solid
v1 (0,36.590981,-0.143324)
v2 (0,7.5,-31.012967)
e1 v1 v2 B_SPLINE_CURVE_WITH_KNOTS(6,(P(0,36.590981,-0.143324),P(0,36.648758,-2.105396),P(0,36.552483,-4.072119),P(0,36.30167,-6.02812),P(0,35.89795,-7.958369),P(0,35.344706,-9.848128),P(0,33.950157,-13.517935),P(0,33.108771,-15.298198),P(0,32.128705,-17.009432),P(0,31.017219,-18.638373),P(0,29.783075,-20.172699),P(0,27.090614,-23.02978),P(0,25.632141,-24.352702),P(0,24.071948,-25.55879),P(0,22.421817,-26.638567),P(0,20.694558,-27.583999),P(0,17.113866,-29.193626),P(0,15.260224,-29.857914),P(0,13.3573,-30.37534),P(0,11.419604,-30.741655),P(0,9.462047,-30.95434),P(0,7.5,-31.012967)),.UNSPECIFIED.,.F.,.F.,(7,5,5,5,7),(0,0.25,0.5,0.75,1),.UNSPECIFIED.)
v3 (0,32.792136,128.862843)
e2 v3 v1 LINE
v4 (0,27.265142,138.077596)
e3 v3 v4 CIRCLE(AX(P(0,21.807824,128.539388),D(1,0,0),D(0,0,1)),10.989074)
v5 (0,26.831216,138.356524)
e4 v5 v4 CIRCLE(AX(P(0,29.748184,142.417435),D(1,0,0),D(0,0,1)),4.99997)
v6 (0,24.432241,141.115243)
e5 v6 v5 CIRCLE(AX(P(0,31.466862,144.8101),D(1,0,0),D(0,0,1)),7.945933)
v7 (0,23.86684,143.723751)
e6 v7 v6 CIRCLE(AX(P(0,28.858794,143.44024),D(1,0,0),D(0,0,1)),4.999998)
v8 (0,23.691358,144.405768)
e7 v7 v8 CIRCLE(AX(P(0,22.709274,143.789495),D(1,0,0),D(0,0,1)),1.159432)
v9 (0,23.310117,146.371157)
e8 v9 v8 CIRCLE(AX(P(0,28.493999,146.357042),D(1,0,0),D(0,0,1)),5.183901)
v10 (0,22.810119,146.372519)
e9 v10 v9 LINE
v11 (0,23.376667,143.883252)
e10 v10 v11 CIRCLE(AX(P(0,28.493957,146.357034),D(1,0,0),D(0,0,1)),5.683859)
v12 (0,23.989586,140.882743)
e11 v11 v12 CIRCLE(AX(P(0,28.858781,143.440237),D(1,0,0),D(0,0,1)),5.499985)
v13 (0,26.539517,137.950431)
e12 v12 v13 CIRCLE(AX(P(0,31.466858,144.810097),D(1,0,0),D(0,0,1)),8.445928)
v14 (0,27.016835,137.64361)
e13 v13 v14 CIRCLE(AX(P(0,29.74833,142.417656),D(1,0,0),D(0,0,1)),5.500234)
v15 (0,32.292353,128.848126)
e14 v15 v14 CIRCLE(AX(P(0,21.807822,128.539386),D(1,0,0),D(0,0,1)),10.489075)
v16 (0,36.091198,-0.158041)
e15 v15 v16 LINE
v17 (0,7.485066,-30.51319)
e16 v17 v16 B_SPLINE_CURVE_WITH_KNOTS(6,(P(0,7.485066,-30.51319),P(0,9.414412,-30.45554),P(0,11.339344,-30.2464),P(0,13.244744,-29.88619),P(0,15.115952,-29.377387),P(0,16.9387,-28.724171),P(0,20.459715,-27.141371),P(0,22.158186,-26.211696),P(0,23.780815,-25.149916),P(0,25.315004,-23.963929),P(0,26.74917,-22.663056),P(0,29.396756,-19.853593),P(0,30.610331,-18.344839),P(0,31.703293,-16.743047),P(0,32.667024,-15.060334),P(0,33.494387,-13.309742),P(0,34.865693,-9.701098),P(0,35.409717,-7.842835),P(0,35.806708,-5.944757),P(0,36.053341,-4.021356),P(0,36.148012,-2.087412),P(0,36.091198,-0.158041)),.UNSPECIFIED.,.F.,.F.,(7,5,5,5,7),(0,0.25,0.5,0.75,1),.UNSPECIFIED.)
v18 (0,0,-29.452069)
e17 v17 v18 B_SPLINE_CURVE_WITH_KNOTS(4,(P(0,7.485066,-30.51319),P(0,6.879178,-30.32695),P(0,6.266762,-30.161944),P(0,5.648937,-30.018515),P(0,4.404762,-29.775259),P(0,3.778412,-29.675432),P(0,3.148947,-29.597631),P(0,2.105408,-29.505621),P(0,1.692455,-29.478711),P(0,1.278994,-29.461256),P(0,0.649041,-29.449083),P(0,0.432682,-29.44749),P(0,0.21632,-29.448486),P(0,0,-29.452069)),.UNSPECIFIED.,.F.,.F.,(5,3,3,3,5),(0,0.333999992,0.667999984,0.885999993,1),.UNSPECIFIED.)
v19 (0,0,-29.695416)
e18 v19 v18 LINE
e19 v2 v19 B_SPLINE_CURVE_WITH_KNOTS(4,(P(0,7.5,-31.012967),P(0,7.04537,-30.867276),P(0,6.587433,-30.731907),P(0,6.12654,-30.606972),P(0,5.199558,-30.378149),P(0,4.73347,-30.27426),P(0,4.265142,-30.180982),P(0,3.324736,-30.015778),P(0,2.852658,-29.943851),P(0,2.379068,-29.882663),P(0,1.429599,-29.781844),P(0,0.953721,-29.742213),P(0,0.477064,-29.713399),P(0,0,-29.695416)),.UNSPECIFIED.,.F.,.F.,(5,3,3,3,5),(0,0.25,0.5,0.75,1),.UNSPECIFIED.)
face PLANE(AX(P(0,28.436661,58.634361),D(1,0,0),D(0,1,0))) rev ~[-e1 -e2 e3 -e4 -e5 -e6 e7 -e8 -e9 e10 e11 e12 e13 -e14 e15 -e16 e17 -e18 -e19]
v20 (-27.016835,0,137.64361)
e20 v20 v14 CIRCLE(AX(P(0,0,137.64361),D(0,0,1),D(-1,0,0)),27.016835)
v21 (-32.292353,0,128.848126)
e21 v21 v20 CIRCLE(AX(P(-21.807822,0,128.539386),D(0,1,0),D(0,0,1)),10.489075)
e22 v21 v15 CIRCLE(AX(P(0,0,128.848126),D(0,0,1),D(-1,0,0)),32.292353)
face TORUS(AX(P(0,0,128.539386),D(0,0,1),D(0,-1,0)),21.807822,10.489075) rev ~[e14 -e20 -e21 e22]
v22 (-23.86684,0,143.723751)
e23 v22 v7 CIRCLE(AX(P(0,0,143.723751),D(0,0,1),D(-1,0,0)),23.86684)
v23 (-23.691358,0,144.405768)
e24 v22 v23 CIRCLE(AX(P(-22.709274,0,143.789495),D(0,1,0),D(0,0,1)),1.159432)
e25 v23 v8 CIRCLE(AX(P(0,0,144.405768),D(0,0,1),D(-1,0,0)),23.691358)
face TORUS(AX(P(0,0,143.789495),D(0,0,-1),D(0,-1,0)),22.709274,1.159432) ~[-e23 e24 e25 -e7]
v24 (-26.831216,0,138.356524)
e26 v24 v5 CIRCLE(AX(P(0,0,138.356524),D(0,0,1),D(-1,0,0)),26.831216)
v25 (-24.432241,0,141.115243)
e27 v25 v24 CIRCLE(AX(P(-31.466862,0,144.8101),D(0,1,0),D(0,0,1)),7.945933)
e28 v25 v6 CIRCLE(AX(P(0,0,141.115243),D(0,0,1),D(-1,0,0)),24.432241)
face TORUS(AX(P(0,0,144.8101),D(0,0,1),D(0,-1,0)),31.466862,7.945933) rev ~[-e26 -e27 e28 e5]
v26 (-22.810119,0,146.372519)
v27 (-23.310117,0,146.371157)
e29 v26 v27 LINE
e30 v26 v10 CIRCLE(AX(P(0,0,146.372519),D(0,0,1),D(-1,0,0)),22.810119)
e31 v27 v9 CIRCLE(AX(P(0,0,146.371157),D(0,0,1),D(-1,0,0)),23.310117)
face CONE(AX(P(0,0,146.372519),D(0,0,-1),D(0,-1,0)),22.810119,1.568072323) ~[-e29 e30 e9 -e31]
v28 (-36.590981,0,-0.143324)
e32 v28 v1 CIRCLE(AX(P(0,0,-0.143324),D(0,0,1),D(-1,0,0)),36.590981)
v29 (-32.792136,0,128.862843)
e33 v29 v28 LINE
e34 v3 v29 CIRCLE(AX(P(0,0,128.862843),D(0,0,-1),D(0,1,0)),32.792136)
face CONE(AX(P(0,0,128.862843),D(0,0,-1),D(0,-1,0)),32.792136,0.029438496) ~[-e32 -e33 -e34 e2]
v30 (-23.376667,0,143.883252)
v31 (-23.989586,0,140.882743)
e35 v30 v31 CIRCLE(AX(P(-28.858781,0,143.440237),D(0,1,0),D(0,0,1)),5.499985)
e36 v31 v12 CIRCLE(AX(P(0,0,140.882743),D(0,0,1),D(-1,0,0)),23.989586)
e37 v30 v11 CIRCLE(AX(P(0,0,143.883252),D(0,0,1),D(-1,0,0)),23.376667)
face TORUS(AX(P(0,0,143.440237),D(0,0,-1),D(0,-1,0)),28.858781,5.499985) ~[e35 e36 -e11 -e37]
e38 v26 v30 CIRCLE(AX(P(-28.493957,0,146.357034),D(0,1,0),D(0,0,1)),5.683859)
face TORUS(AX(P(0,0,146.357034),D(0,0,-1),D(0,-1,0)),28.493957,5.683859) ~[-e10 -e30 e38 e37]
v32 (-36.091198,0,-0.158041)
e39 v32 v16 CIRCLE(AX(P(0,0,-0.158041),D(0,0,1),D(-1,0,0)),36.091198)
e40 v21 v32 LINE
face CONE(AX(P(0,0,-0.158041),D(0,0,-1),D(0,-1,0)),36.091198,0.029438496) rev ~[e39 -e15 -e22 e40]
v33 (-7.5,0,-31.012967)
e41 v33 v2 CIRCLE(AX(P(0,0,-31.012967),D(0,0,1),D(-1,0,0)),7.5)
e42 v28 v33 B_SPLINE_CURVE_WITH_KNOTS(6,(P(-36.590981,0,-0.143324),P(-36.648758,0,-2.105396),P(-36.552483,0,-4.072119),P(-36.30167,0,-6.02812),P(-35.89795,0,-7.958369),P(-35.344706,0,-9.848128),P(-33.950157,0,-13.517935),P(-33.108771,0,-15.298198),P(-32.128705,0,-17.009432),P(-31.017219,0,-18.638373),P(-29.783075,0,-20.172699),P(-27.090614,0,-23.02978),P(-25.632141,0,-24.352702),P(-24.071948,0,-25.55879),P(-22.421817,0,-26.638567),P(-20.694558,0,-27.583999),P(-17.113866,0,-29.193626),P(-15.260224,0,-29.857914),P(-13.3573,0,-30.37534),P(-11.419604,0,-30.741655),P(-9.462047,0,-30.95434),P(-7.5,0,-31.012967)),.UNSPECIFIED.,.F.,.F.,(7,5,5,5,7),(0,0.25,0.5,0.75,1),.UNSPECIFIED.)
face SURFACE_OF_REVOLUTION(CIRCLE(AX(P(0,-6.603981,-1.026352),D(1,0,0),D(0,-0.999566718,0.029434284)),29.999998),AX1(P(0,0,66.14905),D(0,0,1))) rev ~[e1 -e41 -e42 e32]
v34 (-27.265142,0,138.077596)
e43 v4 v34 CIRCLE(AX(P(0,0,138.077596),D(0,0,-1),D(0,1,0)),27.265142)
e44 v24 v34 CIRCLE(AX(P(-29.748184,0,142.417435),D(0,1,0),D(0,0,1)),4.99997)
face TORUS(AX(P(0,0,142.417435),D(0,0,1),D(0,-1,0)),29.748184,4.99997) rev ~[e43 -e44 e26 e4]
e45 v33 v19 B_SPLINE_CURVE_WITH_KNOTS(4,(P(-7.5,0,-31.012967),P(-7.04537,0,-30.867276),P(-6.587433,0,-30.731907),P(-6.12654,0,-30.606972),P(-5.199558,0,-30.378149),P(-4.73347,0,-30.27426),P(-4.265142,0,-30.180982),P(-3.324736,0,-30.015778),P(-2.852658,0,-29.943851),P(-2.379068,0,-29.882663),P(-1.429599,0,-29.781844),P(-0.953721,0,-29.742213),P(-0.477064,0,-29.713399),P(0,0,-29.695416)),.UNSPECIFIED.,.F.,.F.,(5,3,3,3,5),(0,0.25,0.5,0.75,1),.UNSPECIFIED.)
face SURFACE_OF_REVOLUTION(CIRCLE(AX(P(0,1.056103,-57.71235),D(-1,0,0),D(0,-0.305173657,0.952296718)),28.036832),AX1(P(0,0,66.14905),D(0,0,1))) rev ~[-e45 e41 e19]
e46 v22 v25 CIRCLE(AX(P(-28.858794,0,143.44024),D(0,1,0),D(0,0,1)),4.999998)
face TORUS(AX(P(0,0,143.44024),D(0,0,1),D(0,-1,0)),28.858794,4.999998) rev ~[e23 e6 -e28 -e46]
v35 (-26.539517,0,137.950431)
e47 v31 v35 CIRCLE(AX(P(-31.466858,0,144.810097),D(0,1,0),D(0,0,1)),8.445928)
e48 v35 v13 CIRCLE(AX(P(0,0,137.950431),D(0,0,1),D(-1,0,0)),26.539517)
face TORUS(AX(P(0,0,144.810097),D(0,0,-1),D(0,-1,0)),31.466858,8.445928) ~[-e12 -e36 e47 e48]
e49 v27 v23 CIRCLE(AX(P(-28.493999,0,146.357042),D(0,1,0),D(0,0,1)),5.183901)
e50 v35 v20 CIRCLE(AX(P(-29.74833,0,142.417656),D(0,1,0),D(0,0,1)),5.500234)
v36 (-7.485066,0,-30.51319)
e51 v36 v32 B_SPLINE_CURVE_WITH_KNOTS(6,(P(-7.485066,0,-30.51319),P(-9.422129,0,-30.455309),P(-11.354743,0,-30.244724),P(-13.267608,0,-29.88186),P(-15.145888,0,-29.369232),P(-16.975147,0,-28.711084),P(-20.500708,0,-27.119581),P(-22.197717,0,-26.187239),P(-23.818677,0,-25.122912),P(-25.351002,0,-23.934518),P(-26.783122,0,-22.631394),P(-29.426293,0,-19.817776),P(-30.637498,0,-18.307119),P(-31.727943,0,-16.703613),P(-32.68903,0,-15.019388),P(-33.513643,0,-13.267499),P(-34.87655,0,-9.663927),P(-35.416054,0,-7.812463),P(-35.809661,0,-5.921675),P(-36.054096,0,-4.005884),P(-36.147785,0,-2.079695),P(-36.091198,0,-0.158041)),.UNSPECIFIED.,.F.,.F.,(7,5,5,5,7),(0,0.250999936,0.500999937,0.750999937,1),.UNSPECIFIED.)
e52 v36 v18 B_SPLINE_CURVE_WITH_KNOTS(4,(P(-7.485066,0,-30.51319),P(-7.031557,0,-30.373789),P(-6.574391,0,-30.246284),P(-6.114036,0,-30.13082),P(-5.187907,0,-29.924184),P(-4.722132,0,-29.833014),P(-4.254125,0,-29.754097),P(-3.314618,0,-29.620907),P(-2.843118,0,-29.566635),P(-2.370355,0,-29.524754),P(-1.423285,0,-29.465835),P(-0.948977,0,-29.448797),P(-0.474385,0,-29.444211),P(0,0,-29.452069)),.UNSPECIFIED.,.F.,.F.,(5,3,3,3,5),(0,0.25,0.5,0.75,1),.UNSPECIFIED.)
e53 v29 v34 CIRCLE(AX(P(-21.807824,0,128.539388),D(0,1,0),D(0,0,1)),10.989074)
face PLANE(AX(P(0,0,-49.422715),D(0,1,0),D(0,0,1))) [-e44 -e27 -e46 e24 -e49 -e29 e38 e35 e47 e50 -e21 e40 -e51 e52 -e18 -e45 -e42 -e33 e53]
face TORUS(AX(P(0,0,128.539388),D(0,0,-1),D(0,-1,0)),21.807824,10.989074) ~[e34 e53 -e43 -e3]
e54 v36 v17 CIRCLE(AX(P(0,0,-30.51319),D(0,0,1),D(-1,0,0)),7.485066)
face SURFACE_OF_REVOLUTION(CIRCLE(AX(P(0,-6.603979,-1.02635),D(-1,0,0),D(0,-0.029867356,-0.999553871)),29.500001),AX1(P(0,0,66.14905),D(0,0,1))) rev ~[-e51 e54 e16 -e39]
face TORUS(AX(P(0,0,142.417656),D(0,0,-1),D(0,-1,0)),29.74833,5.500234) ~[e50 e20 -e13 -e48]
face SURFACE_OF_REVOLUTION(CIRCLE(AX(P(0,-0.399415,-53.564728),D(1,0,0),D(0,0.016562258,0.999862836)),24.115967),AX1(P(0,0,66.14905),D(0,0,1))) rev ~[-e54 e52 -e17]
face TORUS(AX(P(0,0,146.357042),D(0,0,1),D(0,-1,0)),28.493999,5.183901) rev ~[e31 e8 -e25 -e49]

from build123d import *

# Parameters (mm, degrees)
F2_W     = 56.873322
F2_H     = 216.114152
F3_DEPTH = 58.238477


with BuildPart() as f1:
    # F0 (on Right) → F1 (revolve)
    with BuildSketch(Plane.YZ):
        with BuildLine():
            Line((-32.792136, 128.862843), (-36.590981, -0.143324))
            ThreePointArc((-36.590981, -0.143324), (-28.436845, -21.601239), (-7.5, -31.012967))
            ThreePointArc((-7.5, -31.012967), (-3.794939, -30.09838), (0, -29.695416))
            Line((0, -29.695416), (0, -29.452069))
            ThreePointArc((0, -29.452069), (-3.784372, -29.687502), (-7.485066, -30.51319))
            ThreePointArc((-7.485066, -30.51319), (-28.072963, -21.258324), (-36.091198, -0.158041))
            Line((-36.091198, -0.158041), (-32.292353, 128.848126))
            ThreePointArc((-32.292353, 128.848126), (-30.80293, 133.934638), (-27.016835, 137.64361))
            ThreePointArc((-27.016835, 137.64361), (-26.774217, 137.790861), (-26.539517, 137.950431))
            ThreePointArc((-26.539517, 137.950431), (-25.093616, 139.267941), (-23.989586, 140.882743))
            ThreePointArc((-23.989586, 140.882743), (-23.470074, 142.339477), (-23.376667, 143.883252))
            ThreePointArc((-23.376667, 143.883252), (-22.951827, 145.095666), (-22.810119, 146.372519))
            Line((-22.810119, 146.372519), (-23.310117, 146.371157))
            ThreePointArc((-23.310117, 146.371157), (-23.404957, 145.369883), (-23.691358, 144.405768))
            ThreePointArc((-23.691358, 144.405768), (-23.832133, 144.078405), (-23.86684, 143.723751))
            ThreePointArc((-23.86684, 143.723751), (-23.972267, 142.381072), (-24.432241, 141.115243))
            ThreePointArc((-24.432241, 141.115243), (-25.470912, 139.596038), (-26.831216, 138.356524))
            ThreePointArc((-26.831216, 138.356524), (-27.04458, 138.21146), (-27.265142, 138.077596))
            ThreePointArc((-27.265142, 138.077596), (-31.231715, 134.191822), (-32.792136, 128.862843))
        make_face()
    revolve(axis=Axis((0, 0, 66.14905), (0, 0, 1)))

    # F2 (on Right) → F3 (cut)
    with BuildSketch(Plane.YZ):
        with Locations((28.436661, 58.634361)):
            Rectangle(F2_W, F2_H)
    extrude(amount=-F3_DEPTH, mode=Mode.SUBTRACT)


solid = f1.part
